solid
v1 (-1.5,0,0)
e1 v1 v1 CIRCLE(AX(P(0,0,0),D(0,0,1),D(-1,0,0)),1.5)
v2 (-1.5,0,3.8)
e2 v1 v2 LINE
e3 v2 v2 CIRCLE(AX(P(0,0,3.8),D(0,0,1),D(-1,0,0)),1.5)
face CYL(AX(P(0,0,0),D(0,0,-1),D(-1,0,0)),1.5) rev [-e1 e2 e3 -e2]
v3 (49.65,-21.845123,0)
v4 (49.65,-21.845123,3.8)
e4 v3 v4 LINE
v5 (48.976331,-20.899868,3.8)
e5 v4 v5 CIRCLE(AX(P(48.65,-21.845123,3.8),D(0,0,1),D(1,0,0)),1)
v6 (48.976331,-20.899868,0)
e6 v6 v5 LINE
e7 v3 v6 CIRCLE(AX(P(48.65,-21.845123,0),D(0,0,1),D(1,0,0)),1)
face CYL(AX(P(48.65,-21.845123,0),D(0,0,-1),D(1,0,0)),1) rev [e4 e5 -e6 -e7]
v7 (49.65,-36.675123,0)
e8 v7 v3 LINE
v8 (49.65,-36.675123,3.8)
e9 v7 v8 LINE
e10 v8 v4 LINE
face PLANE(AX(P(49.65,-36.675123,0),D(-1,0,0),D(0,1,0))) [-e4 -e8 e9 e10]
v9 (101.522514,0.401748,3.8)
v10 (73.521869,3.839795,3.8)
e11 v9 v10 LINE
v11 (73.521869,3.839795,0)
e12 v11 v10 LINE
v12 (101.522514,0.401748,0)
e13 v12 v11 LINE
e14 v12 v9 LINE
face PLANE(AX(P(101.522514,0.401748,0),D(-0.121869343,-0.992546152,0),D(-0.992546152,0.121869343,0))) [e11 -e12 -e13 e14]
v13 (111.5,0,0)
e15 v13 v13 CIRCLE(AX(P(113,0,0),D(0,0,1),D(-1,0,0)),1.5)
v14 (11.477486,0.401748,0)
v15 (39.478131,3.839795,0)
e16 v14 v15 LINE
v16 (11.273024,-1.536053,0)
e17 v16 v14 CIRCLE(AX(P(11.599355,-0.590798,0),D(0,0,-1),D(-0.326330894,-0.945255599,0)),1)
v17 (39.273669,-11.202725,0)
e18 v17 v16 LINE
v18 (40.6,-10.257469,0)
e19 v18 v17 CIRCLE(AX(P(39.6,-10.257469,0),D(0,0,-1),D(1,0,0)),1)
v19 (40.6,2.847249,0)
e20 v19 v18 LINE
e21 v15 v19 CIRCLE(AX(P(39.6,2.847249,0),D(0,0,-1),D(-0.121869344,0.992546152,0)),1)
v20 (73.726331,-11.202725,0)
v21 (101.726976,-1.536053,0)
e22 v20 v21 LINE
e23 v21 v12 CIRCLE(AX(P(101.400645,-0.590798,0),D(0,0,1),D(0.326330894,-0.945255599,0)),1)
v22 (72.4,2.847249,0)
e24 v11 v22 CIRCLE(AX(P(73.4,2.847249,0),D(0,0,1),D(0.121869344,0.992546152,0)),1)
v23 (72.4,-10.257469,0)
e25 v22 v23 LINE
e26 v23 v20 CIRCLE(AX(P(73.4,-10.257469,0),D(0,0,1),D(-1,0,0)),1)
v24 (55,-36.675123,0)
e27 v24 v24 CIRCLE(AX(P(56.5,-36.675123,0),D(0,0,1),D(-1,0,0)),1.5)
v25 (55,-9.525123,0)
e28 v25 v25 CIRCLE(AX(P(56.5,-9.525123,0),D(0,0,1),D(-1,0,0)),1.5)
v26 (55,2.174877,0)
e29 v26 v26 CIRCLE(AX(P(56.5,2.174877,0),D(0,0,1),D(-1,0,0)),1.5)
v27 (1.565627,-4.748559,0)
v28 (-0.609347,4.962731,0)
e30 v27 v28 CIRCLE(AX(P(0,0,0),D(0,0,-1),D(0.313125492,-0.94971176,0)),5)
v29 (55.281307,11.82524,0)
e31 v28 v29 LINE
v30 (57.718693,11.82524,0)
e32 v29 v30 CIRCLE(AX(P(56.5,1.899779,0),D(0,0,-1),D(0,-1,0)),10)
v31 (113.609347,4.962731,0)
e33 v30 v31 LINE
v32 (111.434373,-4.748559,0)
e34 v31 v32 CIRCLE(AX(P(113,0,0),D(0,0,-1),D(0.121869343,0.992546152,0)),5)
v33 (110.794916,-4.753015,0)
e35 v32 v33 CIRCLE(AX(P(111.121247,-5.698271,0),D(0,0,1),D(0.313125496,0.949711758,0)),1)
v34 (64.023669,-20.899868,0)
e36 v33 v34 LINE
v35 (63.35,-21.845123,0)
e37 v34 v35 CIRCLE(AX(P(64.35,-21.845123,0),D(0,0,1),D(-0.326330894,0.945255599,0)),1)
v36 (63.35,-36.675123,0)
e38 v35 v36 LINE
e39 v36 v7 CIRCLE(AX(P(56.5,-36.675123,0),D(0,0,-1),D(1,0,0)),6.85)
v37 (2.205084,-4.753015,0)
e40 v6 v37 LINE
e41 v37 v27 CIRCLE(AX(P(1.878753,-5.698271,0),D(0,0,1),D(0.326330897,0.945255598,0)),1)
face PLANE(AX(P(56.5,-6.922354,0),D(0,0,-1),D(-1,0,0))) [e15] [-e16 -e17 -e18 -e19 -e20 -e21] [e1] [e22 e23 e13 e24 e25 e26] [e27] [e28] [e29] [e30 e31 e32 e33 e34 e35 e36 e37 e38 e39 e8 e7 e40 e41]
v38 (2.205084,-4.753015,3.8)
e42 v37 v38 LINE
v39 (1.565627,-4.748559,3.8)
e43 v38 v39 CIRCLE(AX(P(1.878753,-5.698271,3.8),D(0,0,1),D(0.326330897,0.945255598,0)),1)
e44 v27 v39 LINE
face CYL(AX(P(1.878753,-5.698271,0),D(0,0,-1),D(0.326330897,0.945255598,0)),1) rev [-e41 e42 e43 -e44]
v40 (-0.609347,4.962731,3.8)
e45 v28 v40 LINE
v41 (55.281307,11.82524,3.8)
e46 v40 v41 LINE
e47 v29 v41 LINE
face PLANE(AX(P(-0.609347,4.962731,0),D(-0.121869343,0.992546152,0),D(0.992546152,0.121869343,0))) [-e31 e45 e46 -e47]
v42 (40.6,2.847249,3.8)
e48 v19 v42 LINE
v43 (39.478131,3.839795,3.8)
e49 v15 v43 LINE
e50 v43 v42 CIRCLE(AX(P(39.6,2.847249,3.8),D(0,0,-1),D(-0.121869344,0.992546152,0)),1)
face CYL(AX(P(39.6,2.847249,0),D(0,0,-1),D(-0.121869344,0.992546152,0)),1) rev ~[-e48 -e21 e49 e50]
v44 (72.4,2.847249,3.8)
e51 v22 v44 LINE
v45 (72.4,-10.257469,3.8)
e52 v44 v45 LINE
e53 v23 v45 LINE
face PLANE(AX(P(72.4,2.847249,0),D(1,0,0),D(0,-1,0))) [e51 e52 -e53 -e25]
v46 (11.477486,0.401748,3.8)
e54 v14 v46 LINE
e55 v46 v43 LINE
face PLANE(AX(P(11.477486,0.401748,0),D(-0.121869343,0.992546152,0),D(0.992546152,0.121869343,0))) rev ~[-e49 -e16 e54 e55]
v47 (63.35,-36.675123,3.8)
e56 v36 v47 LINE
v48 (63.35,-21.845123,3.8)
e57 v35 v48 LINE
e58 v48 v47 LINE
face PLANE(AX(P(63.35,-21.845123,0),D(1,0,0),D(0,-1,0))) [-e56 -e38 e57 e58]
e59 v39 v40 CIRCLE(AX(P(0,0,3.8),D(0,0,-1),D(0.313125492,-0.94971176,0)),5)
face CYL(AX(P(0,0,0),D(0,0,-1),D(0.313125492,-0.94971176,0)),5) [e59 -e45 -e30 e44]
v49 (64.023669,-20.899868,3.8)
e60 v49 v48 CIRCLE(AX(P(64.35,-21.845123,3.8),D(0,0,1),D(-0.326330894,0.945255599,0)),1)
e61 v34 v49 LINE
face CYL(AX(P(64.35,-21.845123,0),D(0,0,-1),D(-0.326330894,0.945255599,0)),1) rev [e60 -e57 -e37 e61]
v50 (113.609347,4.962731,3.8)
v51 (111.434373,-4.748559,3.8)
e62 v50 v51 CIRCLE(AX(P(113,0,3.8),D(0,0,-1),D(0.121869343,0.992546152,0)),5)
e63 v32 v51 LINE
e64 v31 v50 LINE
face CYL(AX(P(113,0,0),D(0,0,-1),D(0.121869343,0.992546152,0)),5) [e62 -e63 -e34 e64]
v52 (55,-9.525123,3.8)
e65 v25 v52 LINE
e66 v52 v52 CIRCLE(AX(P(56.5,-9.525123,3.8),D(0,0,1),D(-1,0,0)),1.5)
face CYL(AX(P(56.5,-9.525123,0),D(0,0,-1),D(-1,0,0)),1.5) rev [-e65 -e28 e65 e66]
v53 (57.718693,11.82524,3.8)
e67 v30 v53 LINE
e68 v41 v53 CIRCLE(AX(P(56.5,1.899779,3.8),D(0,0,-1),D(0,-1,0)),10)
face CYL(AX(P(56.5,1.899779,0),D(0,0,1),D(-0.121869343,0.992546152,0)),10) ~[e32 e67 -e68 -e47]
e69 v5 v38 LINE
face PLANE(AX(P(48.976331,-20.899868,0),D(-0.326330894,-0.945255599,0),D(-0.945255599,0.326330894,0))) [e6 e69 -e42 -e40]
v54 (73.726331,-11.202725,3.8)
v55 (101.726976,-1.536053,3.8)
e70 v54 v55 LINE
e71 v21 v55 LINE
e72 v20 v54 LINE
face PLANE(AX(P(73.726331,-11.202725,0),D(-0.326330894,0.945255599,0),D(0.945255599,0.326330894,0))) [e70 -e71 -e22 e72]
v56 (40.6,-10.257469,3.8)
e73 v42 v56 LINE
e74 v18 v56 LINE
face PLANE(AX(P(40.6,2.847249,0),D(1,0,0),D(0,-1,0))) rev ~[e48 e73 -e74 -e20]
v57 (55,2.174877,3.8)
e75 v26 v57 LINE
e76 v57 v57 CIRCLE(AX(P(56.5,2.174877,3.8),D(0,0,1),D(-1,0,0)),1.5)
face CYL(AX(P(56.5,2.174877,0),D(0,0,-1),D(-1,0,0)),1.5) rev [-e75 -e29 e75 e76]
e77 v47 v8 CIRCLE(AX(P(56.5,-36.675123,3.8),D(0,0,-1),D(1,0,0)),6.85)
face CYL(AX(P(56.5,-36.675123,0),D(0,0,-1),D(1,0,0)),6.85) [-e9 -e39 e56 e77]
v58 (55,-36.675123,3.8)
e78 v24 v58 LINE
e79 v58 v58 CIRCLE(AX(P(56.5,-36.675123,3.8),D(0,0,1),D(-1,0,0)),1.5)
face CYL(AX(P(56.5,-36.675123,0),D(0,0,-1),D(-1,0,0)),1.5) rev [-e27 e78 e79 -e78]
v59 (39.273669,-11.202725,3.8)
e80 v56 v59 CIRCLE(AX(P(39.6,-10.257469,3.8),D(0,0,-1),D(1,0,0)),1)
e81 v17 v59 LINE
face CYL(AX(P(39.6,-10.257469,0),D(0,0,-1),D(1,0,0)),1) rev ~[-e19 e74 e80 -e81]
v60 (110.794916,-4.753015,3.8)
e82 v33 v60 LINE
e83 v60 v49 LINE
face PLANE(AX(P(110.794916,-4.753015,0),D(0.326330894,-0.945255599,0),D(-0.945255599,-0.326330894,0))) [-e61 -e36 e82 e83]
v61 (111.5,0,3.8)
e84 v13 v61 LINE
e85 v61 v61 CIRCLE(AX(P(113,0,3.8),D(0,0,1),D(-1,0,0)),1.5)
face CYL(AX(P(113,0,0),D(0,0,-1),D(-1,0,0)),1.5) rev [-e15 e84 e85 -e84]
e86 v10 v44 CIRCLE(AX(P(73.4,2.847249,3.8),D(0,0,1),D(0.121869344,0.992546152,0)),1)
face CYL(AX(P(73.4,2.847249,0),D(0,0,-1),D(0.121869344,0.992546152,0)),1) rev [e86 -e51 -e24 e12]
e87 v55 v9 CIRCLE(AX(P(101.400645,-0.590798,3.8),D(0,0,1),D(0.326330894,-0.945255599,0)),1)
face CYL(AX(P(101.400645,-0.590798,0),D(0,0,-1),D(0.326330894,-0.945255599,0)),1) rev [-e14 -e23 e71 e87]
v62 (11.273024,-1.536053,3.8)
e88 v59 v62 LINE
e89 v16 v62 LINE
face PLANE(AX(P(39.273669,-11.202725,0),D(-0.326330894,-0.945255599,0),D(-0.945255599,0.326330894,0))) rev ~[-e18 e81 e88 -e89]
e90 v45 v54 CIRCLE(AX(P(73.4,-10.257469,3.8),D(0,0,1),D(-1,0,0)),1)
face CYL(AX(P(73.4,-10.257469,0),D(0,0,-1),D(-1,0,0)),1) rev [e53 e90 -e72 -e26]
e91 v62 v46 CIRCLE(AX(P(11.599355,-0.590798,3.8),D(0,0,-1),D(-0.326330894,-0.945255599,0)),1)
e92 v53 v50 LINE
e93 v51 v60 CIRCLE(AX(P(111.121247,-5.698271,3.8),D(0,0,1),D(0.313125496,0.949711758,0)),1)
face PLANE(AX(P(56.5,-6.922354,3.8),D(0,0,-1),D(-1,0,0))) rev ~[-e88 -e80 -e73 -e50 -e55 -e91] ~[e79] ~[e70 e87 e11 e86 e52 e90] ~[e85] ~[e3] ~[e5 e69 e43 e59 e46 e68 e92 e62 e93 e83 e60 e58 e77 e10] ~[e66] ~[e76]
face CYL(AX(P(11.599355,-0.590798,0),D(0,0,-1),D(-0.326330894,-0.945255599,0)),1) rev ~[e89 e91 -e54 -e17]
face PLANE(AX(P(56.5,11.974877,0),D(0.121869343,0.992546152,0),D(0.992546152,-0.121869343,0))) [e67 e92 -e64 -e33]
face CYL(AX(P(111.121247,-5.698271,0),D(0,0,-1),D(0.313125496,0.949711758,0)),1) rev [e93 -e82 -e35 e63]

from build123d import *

# Parameters (mm, degrees)
ESBO_O2_R                = 1.5
RESSALTO_EXTRUS_O1_DEPTH = 3.8
FILETE1_R                = 10


with BuildPart() as part:
    # Esboço2 → Ressalto-extrusão1 (new body)
    with BuildSketch(Plane.XY):
        with BuildLine():
            Line((-0.609346717, 4.962730758), (56.5, 11.974876818))
            Line((56.5, 11.974876818), (113.609346717, 4.962730758))
            ThreePointArc((113.609346717, 4.962730758), (117.879129474, -1.092746803), (111.434372539, -4.748558798))
            ThreePointArc((111.434372539, -4.748558798), (111.114278546, -4.698294837), (110.794916153, -4.753014958))
            Line((110.794916153, -4.753014958), (64.023669106, -20.899867583))
            ThreePointArc((64.023669106, -20.899867583), (63.535650292, -21.264748688), (63.35, -21.845123182))
            Line((63.35, -21.845123182), (63.35, -36.675123182))
            ThreePointArc((63.35, -36.675123182), (56.5, -43.525123182), (49.65, -36.675123182))
            Line((49.65, -36.675123182), (49.65, -21.845123182))
            ThreePointArc((49.65, -21.845123182), (49.464349708, -21.264748688), (48.976330894, -20.899867583))
            Line((48.976330894, -20.899867583), (2.205083847, -4.753014958))
            ThreePointArc((2.205083847, -4.753014958), (1.885721454, -4.698294837), (1.565627461, -4.748558798))
            ThreePointArc((1.565627461, -4.748558798), (-4.879129474, -1.092746803), (-0.609346717, 4.962730758))
        make_face()
        with Locations(Location((0, 0, 0), (0, 0, 180))):
            Circle(ESBO_O2_R, mode=Mode.SUBTRACT)
        with Locations(Location((113, 0, 0), (0, 0, 180))):
            Circle(ESBO_O2_R, mode=Mode.SUBTRACT)
        with Locations(Location((56.5, 2.174876818, 0), (0, 0, 180))):
            Circle(ESBO_O2_R, mode=Mode.SUBTRACT)
        with Locations(Location((56.5, -9.525123182, 0), (0, 0, 180))):
            Circle(ESBO_O2_R, mode=Mode.SUBTRACT)
        with Locations(Location((56.5, -36.675123182, 0), (0, 0, 180))):
            Circle(ESBO_O2_R, mode=Mode.SUBTRACT)
        with BuildLine():
            Line((72.4, 2.847248961), (72.4, -10.257469431))
            ThreePointArc((72.4, -10.257469431), (72.819625506, -11.071819139), (73.726330894, -11.20272503))
            Line((73.726330894, -11.20272503), (101.726975538, -1.536053496))
            ThreePointArc((101.726975538, -1.536053496), (102.395124292, -0.485868251), (101.522513987, 0.401748255))
            Line((101.522513987, 0.401748255), (73.521869343, 3.839795112))
            ThreePointArc((73.521869343, 3.839795112), (72.737379952, 3.596204682), (72.4, 2.847248961))
        make_face(mode=Mode.SUBTRACT)
        with BuildLine():
            Line((11.477486013, 0.401748255), (39.478130657, 3.839795112))
            ThreePointArc((39.478130657, 3.839795112), (40.262620048, 3.596204682), (40.6, 2.847248961))
            Line((40.6, 2.847248961), (40.6, -10.257469431))
            ThreePointArc((40.6, -10.257469431), (40.180374494, -11.071819139), (39.273669106, -11.20272503))
            Line((39.273669106, -11.20272503), (11.273024462, -1.536053496))
            ThreePointArc((11.273024462, -1.536053496), (10.604875708, -0.485868251), (11.477486013, 0.401748255))
        make_face(mode=Mode.SUBTRACT)
    extrude(amount=RESSALTO_EXTRUS_O1_DEPTH)

    # Filete1
    filete1_edges = [part.edges().sort_by_distance(p)[0] for p in [
        (56.5, 11.974876818, 1.9),
    ]]
    fillet(filete1_edges, radius=FILETE1_R)


solid = part.part
